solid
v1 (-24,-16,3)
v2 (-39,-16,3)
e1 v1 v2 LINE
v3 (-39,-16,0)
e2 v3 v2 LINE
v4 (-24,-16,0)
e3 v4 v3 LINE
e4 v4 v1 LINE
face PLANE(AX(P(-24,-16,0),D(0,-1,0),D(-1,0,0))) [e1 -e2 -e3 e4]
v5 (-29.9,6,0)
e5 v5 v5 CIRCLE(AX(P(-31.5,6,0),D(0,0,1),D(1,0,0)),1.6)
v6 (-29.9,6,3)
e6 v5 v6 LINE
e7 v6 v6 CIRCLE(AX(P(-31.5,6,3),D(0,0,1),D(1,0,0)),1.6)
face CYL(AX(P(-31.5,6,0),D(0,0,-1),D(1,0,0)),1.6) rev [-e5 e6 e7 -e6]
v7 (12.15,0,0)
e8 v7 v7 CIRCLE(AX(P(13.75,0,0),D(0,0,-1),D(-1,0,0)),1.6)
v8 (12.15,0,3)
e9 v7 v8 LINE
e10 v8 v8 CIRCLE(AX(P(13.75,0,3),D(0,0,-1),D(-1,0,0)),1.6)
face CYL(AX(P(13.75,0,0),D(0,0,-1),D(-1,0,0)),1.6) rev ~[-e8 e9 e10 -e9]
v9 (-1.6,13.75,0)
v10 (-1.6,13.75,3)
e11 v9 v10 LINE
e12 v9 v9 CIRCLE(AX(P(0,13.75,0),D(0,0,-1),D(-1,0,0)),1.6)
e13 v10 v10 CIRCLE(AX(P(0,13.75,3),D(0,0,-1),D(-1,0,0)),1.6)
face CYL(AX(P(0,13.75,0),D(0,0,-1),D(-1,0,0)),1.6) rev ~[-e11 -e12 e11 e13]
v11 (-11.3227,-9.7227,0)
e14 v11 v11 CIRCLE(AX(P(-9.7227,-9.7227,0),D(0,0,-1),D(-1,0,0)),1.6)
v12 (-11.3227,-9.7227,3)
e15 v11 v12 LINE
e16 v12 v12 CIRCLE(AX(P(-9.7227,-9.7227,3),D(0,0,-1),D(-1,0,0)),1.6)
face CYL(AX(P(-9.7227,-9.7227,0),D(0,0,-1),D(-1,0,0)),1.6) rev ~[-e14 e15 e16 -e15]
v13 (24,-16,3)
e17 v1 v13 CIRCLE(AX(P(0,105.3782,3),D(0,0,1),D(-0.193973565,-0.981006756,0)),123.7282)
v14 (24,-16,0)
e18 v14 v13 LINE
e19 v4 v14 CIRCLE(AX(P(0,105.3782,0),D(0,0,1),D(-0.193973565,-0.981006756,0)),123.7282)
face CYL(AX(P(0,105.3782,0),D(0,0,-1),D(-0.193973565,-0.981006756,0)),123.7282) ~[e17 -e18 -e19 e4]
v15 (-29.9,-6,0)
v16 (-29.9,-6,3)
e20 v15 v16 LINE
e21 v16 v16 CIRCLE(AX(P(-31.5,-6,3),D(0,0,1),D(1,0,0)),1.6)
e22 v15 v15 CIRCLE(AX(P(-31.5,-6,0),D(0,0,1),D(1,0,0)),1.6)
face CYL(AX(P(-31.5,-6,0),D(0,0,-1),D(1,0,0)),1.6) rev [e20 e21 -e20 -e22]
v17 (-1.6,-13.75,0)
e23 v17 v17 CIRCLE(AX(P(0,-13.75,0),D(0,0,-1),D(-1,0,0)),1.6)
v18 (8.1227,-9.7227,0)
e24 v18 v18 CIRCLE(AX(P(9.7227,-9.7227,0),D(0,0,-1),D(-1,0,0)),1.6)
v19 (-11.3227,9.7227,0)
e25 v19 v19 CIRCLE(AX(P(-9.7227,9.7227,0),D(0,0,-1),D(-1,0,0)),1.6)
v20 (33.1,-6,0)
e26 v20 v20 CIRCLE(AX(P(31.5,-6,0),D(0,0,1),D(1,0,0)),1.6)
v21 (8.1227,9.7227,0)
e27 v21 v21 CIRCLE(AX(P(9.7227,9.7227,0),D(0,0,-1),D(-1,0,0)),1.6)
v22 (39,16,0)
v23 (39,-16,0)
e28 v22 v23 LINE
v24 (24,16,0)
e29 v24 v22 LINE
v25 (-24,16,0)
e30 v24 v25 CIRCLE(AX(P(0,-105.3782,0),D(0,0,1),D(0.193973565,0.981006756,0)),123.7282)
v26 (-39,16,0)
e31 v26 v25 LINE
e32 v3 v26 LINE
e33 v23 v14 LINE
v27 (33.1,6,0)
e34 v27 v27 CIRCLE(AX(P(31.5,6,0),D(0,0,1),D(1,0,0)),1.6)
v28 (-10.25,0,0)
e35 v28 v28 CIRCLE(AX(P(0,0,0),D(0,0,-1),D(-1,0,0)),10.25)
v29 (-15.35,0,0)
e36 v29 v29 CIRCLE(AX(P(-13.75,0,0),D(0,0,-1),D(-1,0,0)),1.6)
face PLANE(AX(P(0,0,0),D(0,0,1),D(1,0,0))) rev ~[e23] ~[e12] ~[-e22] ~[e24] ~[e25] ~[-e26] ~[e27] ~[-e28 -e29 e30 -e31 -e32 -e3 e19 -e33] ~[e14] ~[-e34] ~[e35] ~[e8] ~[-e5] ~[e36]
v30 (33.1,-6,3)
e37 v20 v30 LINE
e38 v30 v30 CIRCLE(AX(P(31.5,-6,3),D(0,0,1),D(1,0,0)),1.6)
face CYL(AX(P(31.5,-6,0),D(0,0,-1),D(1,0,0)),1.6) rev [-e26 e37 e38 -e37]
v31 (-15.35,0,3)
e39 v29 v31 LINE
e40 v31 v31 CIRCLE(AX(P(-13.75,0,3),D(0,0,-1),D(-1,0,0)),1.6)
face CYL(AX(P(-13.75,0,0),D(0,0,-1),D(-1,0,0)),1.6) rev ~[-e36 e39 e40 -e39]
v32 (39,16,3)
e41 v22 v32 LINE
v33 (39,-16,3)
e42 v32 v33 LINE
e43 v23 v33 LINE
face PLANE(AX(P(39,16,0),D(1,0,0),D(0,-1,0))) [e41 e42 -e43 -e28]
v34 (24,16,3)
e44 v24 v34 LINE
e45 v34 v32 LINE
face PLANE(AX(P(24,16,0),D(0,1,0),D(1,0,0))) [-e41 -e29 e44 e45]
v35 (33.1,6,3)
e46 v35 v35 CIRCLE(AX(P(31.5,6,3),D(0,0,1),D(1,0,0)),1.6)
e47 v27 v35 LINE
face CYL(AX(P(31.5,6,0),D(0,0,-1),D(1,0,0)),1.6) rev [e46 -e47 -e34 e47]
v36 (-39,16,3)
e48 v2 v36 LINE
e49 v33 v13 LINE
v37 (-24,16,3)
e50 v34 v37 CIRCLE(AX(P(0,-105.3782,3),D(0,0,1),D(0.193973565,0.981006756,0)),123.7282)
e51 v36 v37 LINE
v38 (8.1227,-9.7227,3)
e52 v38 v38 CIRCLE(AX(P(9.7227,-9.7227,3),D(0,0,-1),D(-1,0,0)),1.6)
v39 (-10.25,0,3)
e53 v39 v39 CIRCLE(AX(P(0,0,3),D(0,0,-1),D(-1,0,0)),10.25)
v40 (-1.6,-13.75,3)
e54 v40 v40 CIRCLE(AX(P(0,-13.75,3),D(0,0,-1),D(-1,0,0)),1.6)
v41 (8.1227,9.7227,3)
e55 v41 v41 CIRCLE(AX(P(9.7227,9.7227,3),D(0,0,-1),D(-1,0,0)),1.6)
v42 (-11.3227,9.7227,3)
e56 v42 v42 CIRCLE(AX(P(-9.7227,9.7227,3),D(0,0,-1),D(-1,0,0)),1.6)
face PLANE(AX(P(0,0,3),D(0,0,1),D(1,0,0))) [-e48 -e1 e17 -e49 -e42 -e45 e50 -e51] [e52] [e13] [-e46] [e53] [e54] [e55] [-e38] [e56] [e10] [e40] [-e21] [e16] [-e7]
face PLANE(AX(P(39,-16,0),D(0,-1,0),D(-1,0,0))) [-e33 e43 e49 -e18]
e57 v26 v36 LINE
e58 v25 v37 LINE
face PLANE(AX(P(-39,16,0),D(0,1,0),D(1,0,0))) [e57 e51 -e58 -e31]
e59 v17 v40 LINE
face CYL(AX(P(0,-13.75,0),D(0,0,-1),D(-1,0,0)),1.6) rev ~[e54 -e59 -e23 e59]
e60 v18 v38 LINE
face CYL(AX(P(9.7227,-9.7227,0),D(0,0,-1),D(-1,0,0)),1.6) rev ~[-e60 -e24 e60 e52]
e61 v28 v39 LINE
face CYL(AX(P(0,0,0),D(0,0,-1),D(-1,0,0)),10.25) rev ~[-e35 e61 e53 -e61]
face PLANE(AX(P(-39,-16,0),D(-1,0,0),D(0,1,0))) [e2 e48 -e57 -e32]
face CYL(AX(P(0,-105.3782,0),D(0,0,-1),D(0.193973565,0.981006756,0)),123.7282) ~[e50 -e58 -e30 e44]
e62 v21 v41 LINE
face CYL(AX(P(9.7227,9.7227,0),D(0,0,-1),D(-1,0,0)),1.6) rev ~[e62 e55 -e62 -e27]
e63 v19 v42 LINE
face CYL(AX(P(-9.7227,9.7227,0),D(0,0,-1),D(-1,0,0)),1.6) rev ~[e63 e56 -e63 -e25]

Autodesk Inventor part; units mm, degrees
ref_plane "YZ Plane" through (0, 0, 0) normal (1, 0, 0) x (0, 1, 0)
ref_plane "XZ Plane" through (0, 0, 0) normal (0, 1, 0) x (-1, 0, 0)
ref_plane "XY Plane" through (0, 0, 0) normal (0, 0, 1) x (1, 0, 0)
sketch "スケッチ1" plane through (0, 0, 0) normal (0, 0, 1) x (1, 0, 0)
  line L0 (-39, -16) -> (-39, 16)
  line L1 (39, 16) -> (39, -16)
  line L2 (39, -16) -> (-39, 16) construction
  line L3 (-39, -16) -> (39, 16) construction
  line L4 (0, 0) -> (0, 16) construction
  line L5 (0, 0) -> (-39, 0) construction
  line L6 (-39, 16) -> (-24, 16)
  line L7 (-24, 16) -> (-24, -16) construction
  line L8 (-31.5, 16) -> (-31.5, -16) construction
  line L9 (-24, 0) -> (-39, 0) construction
  circle A0 centre (-31.5, 6) radius 1.6
  circle A1 centre (-31.5, -6) radius 1.6
  line L10 (24, 16) -> (24, -16) construction
  line L11 (31.5, 16) -> (31.5, -16) construction
  line L12 (24, 0) -> (39, 0) construction
  circle A2 centre (31.5, 6) radius 1.6
  circle A3 centre (31.5, -6) radius 1.6
  line L13 (-39, 16) -> (-24, 16)
  line L14 (24, 16) -> (39, 16)
  line L15 (39, -16) -> (24, -16)
  line L16 (-24, -16) -> (-39, -16)
  circle A4 centre (0, 0) radius 13.75
  circle A5 centre (0, 13.75) radius 1.6
  circle A6 centre (0, -13.75) radius 1.6
  arc A7 (24, 16) -> (-24, 16) centre (0, -105.3782) ccw
  arc A8 (-24, -16) -> (24, -16) centre (0, 105.3782) ccw
  dimension "d5" = 78
  dimension "d6" = 32
  dimension "d7" = 15
  dimension "d8" = 3.2
  dimension "d9" = 6
  dimension "d44" = 27.5
  dimension "d45" = 3.2
  dimension "d46" = 3.2
  dimension "d47" = 3
  dimension "d48" = 3
extrude "押し出し2" add sketch "スケッチ1" along normal blind 3 contours L0 L6 A7 L14 L1 L15 A8 L16 | A4 A6 A5 | A5 A4 | A4 A5 | A6 A4 | A4 A6
sketch "スケッチ4" plane through (0, 0, 0) normal (0, 0, -1) x (-1, 0, 0)
  circle A0 centre (-31.5, 6) radius 1.6 projected
  circle A1 centre (-31.5, -6) radius 1.6 projected
  circle A2 centre (31.5, -6) radius 1.6 projected
  circle A3 centre (31.5, 6) radius 1.6 projected
  line L0 (24, 16) -> (39, 16) projected
  line L1 (-39, 16) -> (-24, 16) projected
  line L2 (-39, -16) -> (-39, 16) projected
  line L3 (-24, -16) -> (-39, -16) projected
  line L4 (39, -16) -> (24, -16) projected
  line L5 (39, 16) -> (39, -16) projected
  line L6 (-39, 0) -> (39, 0) construction
  line L7 (0, 36) -> (0, -36) construction
  circle A4 centre (0, 0) radius 10.25
  circle A5 centre (0, 0) radius 13.75 construction
  circle A6 centre (0, 13.75) radius 1.6
  circle A7 centre (0, 0) radius 13.75 construction
  circle A8 centre (-9.7227, 9.7227) radius 1.6
  circle A9 centre (0, 0) radius 13.75 construction
  circle A10 centre (-13.75, 0) radius 1.6
  circle A11 centre (0, 0) radius 13.75 construction
  circle A12 centre (-9.7227, -9.7227) radius 1.6
  circle A13 centre (0, 0) radius 13.75 construction
  circle A14 centre (0, -13.75) radius 1.6
  circle A15 centre (0, 0) radius 13.75 construction
  circle A16 centre (9.7227, -9.7227) radius 1.6
  circle A17 centre (0, 0) radius 13.75 construction
  circle A18 centre (13.75, 0) radius 1.6
  circle A19 centre (0, 0) radius 13.75 construction
  circle A20 centre (9.7227, 9.7227) radius 1.6
  arc A21 (24, 16) -> (-24, 16) centre (0, -105.3782) ccw projected
  arc A22 (-24, -16) -> (24, -16) centre (0, 105.3782) ccw projected
  dimension "d17" = 27.5
  dimension "d16" = 20.5
  dimension "d18" = 3.2
  dimension "d21" = 360
extrude "押し出し4" cut sketch "スケッチ4" against normal through all contours A4 | A6 | A8 | A10 | A12 | A14 | A16 | A18 | A20
properties part number "サーボ支え板B_アルミ(A2017)_t3" material "アルミニウム 6061"
